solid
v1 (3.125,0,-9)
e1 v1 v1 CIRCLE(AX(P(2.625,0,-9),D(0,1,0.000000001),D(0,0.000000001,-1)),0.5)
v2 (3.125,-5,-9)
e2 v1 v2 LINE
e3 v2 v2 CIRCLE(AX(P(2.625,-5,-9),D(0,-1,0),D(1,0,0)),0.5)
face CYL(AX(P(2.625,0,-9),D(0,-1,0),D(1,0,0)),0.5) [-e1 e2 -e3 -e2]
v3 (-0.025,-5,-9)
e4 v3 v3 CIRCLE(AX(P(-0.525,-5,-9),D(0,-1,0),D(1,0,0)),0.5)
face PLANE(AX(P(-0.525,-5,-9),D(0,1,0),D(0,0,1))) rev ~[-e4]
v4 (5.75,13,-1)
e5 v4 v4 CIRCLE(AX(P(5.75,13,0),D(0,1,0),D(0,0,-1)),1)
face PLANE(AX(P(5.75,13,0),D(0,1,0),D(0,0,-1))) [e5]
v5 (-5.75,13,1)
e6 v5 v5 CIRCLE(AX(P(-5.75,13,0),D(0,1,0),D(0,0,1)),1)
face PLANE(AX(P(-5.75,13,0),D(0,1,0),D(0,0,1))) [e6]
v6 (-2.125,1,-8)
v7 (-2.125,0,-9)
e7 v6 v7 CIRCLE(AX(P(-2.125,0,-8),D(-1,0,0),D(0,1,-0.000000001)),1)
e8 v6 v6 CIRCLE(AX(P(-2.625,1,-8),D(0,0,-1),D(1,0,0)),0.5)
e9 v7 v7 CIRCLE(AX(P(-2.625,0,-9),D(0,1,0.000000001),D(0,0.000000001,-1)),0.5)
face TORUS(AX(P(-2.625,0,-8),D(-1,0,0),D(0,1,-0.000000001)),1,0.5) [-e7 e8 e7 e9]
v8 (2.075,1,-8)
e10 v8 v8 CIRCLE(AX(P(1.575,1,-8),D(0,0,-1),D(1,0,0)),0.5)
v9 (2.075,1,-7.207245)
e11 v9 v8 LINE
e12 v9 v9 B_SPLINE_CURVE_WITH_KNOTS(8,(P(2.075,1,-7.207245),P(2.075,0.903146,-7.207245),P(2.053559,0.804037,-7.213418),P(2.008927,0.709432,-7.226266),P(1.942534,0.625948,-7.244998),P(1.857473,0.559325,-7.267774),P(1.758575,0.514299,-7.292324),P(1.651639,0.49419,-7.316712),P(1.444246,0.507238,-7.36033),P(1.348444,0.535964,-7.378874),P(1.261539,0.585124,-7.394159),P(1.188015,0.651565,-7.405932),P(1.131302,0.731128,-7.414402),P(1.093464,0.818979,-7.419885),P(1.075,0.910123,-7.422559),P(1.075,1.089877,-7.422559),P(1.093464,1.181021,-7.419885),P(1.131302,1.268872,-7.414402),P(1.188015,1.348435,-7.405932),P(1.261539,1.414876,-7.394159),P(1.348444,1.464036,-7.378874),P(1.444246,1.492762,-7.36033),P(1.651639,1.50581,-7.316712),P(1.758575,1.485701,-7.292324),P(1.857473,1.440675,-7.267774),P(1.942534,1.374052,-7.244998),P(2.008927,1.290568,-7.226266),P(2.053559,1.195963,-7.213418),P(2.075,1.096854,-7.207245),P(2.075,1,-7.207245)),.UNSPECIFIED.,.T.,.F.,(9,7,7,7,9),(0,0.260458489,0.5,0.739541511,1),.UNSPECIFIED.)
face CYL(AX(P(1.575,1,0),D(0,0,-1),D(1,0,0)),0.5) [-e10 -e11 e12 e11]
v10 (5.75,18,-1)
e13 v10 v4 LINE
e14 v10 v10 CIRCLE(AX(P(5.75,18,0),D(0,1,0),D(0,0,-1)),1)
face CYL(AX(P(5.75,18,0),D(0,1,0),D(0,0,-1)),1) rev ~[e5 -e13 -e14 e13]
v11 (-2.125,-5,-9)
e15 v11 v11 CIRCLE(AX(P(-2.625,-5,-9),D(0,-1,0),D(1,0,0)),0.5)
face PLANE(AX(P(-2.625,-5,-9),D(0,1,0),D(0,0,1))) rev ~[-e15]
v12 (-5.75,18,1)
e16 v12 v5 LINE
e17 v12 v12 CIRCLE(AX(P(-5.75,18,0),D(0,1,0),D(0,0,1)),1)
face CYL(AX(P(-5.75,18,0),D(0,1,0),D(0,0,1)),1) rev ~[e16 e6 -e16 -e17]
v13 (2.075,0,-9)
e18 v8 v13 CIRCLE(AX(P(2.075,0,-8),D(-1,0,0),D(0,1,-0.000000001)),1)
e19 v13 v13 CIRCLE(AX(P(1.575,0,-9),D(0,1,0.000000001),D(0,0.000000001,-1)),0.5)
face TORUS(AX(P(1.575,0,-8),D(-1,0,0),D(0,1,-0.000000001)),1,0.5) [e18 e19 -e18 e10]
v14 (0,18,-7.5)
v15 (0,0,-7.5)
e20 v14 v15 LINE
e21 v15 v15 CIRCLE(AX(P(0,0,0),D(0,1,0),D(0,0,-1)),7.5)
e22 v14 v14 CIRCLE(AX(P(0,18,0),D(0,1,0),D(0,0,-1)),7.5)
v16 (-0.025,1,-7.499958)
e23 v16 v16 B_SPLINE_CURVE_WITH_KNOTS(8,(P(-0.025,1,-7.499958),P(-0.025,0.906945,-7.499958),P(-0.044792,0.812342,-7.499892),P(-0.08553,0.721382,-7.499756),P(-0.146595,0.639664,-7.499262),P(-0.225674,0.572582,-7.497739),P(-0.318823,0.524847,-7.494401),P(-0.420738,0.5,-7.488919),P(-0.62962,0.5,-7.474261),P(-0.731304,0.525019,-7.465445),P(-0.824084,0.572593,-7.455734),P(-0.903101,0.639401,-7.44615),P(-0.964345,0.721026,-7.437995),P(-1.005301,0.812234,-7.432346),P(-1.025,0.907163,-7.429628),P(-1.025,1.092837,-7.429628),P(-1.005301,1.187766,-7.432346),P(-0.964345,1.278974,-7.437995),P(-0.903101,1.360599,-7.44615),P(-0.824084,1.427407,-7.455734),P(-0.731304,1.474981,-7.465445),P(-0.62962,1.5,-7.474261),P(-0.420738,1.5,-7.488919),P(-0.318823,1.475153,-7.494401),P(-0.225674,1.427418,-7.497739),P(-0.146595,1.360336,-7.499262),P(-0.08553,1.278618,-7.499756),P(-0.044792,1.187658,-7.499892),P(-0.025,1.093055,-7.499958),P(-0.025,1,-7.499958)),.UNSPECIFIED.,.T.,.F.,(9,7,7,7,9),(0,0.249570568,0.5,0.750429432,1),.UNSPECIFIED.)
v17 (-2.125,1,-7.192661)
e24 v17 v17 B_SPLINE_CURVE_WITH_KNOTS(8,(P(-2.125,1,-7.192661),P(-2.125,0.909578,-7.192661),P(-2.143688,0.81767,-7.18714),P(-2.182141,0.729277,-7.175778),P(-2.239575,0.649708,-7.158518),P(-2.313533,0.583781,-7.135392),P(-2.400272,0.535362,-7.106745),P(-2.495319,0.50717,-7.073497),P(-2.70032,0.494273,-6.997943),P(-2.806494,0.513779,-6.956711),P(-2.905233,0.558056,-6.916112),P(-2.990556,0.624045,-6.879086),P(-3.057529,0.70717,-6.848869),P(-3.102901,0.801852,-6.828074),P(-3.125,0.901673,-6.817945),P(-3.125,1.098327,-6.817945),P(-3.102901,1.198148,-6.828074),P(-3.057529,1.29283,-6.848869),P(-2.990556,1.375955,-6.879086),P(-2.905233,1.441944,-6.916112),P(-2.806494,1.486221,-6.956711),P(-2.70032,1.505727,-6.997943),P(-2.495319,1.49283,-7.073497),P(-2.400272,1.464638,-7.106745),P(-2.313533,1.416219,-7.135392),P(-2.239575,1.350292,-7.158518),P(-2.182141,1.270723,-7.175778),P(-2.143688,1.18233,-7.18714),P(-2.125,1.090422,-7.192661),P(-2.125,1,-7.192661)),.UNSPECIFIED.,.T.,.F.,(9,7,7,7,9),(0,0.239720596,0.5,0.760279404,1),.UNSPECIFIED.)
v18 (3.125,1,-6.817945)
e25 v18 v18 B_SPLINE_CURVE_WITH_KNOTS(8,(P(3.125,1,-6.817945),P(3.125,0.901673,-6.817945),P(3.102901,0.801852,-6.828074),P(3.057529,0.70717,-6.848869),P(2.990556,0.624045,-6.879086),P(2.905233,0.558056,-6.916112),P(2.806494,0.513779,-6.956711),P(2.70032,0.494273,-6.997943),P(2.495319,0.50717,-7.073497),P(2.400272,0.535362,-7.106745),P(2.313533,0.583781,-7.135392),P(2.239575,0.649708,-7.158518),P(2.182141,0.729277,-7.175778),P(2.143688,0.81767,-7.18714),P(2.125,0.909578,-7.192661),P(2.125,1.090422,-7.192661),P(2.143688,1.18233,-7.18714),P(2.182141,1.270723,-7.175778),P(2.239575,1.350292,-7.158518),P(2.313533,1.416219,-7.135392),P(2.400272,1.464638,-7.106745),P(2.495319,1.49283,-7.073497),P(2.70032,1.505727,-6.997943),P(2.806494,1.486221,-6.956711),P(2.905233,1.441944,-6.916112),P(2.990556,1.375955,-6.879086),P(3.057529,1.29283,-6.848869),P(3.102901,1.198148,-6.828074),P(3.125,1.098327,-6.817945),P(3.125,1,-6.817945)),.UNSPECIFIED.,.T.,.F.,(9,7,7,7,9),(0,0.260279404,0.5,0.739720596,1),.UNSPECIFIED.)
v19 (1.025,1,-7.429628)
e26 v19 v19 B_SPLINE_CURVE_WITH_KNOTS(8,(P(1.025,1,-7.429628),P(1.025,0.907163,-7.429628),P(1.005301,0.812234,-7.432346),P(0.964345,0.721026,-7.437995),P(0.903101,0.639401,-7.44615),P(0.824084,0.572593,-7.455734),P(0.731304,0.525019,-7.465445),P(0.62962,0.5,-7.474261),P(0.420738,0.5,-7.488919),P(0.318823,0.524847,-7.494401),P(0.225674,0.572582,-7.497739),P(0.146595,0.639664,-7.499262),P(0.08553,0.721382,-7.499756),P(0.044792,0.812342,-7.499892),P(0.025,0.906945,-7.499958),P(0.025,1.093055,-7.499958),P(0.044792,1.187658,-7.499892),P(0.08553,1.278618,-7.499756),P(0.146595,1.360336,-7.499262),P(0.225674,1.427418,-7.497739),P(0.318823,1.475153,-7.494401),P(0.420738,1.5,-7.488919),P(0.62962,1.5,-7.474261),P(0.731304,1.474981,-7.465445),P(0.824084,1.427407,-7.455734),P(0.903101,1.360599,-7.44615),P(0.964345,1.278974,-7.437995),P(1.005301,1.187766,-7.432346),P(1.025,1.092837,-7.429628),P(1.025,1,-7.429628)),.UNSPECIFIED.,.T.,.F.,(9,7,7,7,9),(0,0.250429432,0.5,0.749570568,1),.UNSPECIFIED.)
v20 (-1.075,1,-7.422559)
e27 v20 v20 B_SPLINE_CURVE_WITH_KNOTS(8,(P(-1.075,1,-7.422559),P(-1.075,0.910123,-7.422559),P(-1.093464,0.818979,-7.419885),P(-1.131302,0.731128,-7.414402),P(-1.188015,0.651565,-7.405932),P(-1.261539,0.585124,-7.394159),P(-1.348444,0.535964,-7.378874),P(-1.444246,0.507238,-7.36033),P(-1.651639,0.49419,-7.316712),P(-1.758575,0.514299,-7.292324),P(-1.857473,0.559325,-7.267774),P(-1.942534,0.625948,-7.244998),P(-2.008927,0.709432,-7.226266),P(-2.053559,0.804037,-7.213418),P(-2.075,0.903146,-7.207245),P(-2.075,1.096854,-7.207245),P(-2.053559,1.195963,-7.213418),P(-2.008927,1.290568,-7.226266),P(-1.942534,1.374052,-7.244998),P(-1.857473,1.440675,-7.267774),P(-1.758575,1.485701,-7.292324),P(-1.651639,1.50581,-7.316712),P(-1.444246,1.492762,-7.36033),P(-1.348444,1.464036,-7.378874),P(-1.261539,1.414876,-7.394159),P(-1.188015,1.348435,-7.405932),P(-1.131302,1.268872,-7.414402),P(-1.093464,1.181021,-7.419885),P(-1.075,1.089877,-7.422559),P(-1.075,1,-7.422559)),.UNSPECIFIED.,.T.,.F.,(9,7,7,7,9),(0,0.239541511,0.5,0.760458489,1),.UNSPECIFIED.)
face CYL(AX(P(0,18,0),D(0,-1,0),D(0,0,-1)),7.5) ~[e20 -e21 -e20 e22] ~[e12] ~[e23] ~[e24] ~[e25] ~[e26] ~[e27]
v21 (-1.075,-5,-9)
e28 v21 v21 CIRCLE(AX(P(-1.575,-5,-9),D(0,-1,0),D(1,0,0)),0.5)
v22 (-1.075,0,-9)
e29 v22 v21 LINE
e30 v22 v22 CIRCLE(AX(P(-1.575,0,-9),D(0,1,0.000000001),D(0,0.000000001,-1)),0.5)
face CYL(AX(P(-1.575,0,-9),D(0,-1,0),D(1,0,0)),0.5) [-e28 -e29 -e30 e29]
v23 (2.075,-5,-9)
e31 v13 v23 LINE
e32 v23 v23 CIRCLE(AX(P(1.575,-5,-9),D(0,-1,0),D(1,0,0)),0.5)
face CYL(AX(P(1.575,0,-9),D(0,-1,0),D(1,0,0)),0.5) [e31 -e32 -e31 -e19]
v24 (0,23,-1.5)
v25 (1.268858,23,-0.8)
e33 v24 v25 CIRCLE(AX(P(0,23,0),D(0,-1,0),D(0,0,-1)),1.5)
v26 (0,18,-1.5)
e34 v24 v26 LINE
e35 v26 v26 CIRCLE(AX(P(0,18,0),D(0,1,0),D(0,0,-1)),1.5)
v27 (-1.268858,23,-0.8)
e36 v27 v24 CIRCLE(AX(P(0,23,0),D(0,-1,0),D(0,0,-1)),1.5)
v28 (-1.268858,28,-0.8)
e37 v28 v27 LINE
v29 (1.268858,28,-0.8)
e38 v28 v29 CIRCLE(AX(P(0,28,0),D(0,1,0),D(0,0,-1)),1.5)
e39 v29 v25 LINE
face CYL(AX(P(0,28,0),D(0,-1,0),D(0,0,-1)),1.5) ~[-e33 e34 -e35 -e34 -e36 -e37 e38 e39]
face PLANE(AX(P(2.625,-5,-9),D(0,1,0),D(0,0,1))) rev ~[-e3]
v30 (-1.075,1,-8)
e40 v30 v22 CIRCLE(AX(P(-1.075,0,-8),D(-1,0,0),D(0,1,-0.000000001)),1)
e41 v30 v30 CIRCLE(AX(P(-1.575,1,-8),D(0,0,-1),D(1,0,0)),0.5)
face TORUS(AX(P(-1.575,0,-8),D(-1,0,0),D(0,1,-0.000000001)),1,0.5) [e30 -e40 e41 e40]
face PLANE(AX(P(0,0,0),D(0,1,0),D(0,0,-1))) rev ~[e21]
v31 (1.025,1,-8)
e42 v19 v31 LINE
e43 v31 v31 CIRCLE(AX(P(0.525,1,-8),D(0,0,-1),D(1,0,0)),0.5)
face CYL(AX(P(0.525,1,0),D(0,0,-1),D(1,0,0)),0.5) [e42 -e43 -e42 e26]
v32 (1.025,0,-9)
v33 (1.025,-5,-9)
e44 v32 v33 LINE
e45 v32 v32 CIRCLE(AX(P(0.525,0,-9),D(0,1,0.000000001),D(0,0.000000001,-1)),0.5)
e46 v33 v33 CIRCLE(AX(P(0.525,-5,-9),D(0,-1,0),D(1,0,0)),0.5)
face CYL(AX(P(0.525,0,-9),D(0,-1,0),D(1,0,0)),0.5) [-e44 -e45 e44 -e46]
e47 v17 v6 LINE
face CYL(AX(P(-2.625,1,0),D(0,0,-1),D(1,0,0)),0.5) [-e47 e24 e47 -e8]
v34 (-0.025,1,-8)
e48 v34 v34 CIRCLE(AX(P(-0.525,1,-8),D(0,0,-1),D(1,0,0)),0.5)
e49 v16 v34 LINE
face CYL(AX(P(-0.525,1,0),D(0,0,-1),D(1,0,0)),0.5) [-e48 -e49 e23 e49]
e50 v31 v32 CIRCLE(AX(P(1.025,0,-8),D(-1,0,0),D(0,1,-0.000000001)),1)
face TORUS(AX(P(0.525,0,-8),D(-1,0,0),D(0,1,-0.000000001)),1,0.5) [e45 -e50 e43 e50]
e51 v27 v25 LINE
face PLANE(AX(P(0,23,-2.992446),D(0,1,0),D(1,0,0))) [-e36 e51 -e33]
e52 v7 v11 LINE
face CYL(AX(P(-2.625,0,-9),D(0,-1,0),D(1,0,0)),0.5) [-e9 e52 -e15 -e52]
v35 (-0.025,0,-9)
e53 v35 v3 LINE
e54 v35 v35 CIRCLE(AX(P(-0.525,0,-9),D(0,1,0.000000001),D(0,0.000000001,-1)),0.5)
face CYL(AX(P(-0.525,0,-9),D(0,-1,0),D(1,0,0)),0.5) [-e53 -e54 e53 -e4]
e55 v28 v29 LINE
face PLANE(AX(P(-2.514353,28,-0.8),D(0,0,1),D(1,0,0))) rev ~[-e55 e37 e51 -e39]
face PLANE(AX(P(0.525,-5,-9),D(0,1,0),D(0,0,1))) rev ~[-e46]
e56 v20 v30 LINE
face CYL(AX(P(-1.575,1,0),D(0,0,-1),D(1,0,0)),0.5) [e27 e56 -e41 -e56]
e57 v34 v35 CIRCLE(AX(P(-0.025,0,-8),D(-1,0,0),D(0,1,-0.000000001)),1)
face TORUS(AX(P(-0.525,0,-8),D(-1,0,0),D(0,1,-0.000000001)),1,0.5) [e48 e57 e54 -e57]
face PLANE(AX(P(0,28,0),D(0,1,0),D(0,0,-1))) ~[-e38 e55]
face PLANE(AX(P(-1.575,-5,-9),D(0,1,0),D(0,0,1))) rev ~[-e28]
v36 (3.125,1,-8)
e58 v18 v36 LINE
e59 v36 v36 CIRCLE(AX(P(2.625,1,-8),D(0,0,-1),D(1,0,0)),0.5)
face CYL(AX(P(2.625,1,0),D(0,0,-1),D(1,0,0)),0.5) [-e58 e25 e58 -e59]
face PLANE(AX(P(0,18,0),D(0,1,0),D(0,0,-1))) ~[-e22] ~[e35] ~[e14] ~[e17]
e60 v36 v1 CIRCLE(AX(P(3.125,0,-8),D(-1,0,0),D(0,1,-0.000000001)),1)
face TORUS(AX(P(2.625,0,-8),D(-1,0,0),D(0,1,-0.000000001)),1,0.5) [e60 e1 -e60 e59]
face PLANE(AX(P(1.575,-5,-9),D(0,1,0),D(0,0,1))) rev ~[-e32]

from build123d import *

# Parameters (mm, degrees)
SKETCH_2_R          = 1
CUT_EXTRUDE_1_DEPTH = 5
SKETCH_3_W          = 5.028706432
SKETCH_3_H          = 4.384892805
CUT_EXTRUDE_2_DEPTH = 5
SKETCH_5_R          = 0.5


with BuildPart() as part:
    # 草图1 → 旋转1 (revolve)
    with BuildSketch(Plane.XY, mode=Mode.PRIVATE) as revolve_1_sk:
        Polygon((0, 0), (0, 28), (1.5, 28), (1.5, 18), (7.5, 18), (7.5, 0), align=None)
    revolve(revolve_1_sk.sketch.rotate(Axis((0, 0, 0), (0, 1, 0)), 90), axis=Axis((0, 0, 0), (0, 1, 0)))

    # 草图2 → 切除-拉伸1 (cut)
    with BuildSketch(Plane(origin=(0, 18, 0), x_dir=(1, 0, 0), z_dir=(0, 1, 0))):
        with Locations(Location((-5.75, 0, 0), (0, 0, 270))):
            Circle(SKETCH_2_R)
        with Locations(Location((5.75, 0, 0), (0, 0, 90))):
            Circle(SKETCH_2_R)
    extrude(amount=-CUT_EXTRUDE_1_DEPTH, mode=Mode.SUBTRACT)

    # 草图3 → 切除-拉伸2 (cut)
    with BuildSketch(Plane(origin=(0, 28, 0), x_dir=(1, 0, 0), z_dir=(0, 1, 0))):
        with Locations((0, 2.992446403)):
            Rectangle(SKETCH_3_W, SKETCH_3_H)
    extrude(amount=-CUT_EXTRUDE_2_DEPTH, mode=Mode.SUBTRACT)

    # 扫描2: sweep along a path in 草图6
    with BuildLine(Plane(origin=(0, 0, 0), x_dir=(0, 0, -1), z_dir=(1, 0, 0))) as sweep_2_path:
        Line((0, 1), (8, 1))
        ThreePointArc((8, 1), (8.707106781, 0.707106781), (9, 0))
        Line((9, 0), (9, -5))
    # 草图5 → 扫描2 (sweep)
    with BuildSketch(Plane.XY):
        with Locations((0.525, 1)):
            Circle(SKETCH_5_R)
        with Locations((1.575, 1)):
            Circle(SKETCH_5_R)
        with Locations((2.625, 1)):
            Circle(SKETCH_5_R)
        with Locations((-2.625, 1)):
            Circle(SKETCH_5_R)
        with Locations((-1.575, 1)):
            Circle(SKETCH_5_R)
        with Locations((-0.525, 1)):
            Circle(SKETCH_5_R)
    sweep(path=sweep_2_path.line)


solid = part.part
